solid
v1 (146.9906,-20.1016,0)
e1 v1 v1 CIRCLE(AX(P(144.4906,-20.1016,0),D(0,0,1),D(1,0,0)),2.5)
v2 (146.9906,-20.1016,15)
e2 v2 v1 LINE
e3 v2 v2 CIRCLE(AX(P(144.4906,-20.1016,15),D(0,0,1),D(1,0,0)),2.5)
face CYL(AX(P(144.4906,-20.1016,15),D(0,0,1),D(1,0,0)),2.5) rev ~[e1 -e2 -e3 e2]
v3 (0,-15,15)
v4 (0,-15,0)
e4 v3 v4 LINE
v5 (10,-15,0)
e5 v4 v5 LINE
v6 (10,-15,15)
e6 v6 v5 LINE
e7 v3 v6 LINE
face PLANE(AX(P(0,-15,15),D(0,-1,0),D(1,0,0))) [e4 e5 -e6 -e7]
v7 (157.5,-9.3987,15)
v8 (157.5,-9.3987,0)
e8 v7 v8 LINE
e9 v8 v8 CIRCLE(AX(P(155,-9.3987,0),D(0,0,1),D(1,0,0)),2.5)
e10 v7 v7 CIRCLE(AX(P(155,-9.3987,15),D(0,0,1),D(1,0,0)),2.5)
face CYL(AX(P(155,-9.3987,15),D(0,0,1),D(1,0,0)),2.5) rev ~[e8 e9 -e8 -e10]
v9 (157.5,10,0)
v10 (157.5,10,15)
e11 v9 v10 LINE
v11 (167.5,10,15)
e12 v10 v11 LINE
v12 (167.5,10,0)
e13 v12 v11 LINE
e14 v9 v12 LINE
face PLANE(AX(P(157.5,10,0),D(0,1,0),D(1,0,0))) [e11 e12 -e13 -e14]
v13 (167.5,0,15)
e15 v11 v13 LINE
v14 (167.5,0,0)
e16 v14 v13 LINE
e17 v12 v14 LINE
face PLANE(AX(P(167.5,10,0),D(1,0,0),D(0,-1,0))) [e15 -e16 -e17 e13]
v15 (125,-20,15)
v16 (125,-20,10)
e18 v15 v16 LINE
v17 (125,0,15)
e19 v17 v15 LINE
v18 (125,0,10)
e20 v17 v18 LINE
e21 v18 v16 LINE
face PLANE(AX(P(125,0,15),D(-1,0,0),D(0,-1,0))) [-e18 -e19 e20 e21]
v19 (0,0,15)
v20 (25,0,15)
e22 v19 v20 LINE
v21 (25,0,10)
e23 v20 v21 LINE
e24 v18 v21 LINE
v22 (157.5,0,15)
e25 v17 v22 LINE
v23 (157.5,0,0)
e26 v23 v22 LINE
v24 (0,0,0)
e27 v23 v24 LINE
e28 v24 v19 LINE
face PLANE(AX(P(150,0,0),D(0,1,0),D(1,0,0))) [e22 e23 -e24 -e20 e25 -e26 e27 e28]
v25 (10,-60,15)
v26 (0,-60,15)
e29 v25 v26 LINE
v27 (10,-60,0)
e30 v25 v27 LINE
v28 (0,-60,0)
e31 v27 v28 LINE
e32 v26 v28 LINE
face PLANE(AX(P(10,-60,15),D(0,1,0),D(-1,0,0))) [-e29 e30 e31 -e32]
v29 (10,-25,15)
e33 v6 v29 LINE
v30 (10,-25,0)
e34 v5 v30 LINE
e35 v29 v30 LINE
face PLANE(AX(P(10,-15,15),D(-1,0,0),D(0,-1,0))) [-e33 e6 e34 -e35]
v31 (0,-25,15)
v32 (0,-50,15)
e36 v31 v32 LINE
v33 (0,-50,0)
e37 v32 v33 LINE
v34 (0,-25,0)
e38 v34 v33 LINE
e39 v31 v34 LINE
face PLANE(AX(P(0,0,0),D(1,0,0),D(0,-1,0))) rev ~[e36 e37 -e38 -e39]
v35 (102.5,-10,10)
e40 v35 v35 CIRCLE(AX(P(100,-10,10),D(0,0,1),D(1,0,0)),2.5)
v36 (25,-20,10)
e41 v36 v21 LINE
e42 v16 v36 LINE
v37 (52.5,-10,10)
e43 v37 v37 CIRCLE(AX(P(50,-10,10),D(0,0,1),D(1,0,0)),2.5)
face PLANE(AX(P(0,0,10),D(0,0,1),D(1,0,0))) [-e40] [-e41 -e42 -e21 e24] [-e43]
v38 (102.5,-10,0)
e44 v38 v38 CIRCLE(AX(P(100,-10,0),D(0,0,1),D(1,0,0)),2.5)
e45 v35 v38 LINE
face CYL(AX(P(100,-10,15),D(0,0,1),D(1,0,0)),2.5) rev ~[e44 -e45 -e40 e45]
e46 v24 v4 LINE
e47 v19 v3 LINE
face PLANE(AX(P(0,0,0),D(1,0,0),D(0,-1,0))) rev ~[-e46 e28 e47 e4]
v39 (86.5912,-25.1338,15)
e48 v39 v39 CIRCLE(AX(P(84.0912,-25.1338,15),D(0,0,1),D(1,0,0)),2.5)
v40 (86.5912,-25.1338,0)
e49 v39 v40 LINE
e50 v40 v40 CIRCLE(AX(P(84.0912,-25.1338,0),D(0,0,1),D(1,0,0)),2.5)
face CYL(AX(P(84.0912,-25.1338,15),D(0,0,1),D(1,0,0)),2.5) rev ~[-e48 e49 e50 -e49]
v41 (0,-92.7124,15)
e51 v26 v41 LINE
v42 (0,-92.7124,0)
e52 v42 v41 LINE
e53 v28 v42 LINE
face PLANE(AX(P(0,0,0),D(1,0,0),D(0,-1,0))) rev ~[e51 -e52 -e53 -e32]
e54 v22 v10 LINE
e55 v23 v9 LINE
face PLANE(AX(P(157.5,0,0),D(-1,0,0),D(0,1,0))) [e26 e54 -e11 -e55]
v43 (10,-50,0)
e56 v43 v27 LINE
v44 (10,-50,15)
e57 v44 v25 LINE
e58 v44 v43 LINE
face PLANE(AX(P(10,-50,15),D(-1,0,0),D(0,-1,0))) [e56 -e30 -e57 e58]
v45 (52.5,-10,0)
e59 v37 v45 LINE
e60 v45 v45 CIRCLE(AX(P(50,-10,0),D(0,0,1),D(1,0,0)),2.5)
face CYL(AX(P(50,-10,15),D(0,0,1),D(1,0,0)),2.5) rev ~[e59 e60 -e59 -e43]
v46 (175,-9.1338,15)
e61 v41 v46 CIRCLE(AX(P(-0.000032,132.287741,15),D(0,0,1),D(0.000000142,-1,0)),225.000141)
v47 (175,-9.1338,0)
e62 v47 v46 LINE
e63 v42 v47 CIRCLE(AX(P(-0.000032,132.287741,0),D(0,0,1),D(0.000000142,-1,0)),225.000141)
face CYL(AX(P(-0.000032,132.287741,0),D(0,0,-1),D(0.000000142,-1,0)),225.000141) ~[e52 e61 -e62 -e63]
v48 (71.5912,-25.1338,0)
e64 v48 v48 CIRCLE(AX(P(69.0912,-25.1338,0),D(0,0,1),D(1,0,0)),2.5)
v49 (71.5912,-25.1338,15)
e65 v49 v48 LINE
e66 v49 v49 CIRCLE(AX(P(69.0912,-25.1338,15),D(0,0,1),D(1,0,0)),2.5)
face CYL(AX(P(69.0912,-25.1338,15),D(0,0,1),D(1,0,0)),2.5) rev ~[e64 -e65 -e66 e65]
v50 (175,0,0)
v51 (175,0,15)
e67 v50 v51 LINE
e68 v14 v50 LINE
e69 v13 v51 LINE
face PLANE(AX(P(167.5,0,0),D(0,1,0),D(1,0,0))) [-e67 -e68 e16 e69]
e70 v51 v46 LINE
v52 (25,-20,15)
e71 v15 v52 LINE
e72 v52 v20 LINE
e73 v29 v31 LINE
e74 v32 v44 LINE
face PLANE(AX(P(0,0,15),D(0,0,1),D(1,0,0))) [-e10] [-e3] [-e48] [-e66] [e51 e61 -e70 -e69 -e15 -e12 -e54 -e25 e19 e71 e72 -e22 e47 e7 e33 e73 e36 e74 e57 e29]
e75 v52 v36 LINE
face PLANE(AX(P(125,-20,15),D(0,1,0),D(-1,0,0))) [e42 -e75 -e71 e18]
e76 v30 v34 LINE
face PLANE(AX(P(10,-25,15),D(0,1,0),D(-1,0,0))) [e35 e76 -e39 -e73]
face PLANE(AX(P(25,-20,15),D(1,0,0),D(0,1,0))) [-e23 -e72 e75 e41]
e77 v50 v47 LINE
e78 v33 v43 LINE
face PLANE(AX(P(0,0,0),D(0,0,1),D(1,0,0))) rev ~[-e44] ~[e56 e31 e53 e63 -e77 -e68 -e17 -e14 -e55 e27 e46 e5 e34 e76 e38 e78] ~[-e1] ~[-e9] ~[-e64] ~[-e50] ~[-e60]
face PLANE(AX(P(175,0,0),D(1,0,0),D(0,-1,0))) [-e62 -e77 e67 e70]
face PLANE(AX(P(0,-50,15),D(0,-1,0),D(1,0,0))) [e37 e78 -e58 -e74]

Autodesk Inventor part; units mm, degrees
ref_plane "YZ Plane" through (0, 0, 0) normal (1, 0, 0) x (0, 1, 0)
ref_plane "XZ Plane" through (0, 0, 0) normal (0, 1, 0) x (-1, 0, 0)
ref_plane "XY Plane" through (0, 0, 0) normal (0, 0, 1) x (1, 0, 0)
sketch "Sketch1" plane through (0, 0, 0) normal (0, 0, 1) x (1, 0, 0)
  circle A0 centre (0, 132.2876) radius 225 construction
  circle A1 centre (0, 132.2876) radius 200 construction
  line L0 (150, 132.2876) -> (150, 0) construction
  line L1 (150, 0) -> (0, 0)
  line L2 (0, 0) -> (0, -92.7124)
  arc A2 (0, -92.7124) -> (175, -9.1338) centre (0, 132.2876) ccw
  line L3 (157.5, 0) -> (157.5, 10)
  line L4 (157.5, 10) -> (167.5, 10)
  line L5 (167.5, 10) -> (167.5, 0)
  line L6 (150, 0) -> (157.5, 0)
  line L7 (175, -35.9935) -> (175, -9.1338) construction
  line L8 (175, 0) -> (175, -9.1338)
  line L9 (167.5, 0) -> (175, 0)
  line L10 (0, 132.2876) -> (0, -92.7124) construction
  line L11 (0, 132.2876) -> (225, 132.2876) construction
  line L12 (0, 0) -> (130.6185, 0) construction
  dimension "d0" = 450
  dimension "d1" = 25
  dimension "d3" = 10
  dimension "d4" = 10
  dimension "d6" = 7.5
  dimension "d7" = 90
  dimension "d9" = 25
  dimension "d12" = 90
  dimension "d13" = 75
  dimension "d14" = 90
extrude "Extrusion1" add sketch "Sketch1" along normal blind 15
sketch "Sketch2" plane through (0, 0, 15) normal (0, 0, 1) x (1, 0, 0)
  line L0 (0, 0) -> (0, -92.7124) projected
  line L1 (0, -15) -> (10, -15)
  line L2 (10, -15) -> (10, -25)
  line L3 (10, -25) -> (0, -25)
  line L4 (0, -25) -> (0, -15)
  line L5 (0, -50) -> (10, -50)
  line L6 (10, -50) -> (10, -60)
  line L7 (10, -60) -> (0, -60)
  line L8 (0, -60) -> (0, -50)
  line L9 (157.5, 0) -> (0, 0) projected
  dimension "d15" = 10
  dimension "d16" = 10
  dimension "d17" = 10
  dimension "d18" = 10
  dimension "d19" = 25
  dimension "d20" = 15
extrude "Extrusion2" cut sketch "Sketch2" against normal blind 15
sketch "Sketch3" plane through (0, 0, 15) normal (0, 0, 1) x (1, 0, 0)
  line L0 (157.5, 0) -> (0, 0) construction
  line L1 (25, 0) -> (125, 0) construction
  line L2 (125, 0) -> (125, -20) construction
  line L3 (125, -20) -> (25, -20) construction
  line L4 (25, -20) -> (25, 0) construction
  circle A0 centre (50, -10) radius 2.5
  circle A1 centre (100, -10) radius 2.5
  dimension "d23" = 100
  dimension "d24" = 20
  dimension "d25" = 25
  dimension "d26" = 5
  dimension "d27" = 5
  dimension "d28" = 25
  dimension "d29" = 25
extrude "Extrusion3" cut sketch "Sketch3" against normal through all
thread "Thread1" size "M5x0.8" class "6H" standard "ANSI Metric M Profile" full length
thread "Thread2" size "M5x0.8" class "6H" standard "ANSI Metric M Profile" full length
sketch "Sketch4" plane through (0, 0, 15) normal (0, 0, 1) x (1, 0, 0)
  line L0 (157.5, 0) -> (0, 0) projected
  line L1 (25, 0) -> (125, 0)
  line L2 (125, 0) -> (125, -20)
  line L3 (125, -20) -> (25, -20)
  line L4 (25, -20) -> (25, 0)
  dimension "d36" = 100
  dimension "d37" = 20
  dimension "d38" = 25
extrude "Extrusion4" cut sketch "Sketch4" against normal blind 5
sketch "Sketch5" plane through (0, 0, 15) normal (0, 0, 1) x (1, 0, 0)
  circle A0 centre (0, 132.2876) radius 225 construction
  arc A1 (0, -92.7124) -> (175, -9.1338) centre (0, 132.2876) ccw construction
  circle A2 centre (0, 132.2876) radius 210 construction
  circle A3 centre (144.4906, -20.1016) radius 2.5
  circle A4 centre (155, -9.3987) radius 2.5
  line L0 (175, -9.1338) -> (175, 0) projected
  point P0 (0, 0)
  dimension "d41" = 450
  dimension "d42" = 15
  dimension "d43" = 5
  dimension "d44" = 5
  dimension "d45" = 15
  dimension "d46" = 20
extrude "Extrusion5" cut sketch "Sketch5" against normal through all
thread "Thread3" size "M5x0.8" class "6H" standard "ANSI Metric M Profile" full length
thread "Thread4" size "M5x0.8" class "6H" standard "ANSI Metric M Profile" full length
sketch "Sketch6" plane through (0, 0, 15) normal (0, 0, 1) x (1, 0, 0)
  circle A0 centre (69.0912, -25.1338) radius 2.5
  circle A1 centre (84.0912, -25.1338) radius 2.5
  line L0 (25, 0) -> (125, 0) projected
  arc A2 (0, -92.7124) -> (175, -9.1338) centre (0, 132.2876) ccw construction
  line L1 (175, -9.1338) -> (-10.7224, -9.1338) construction
  line L2 (0, 0) -> (0, -15) construction
  dimension "d53" = 5
  dimension "d54" = 5
  dimension "d56" = 16
  dimension "d57" = 69.0912
  dimension "d58" = 15
extrude "Extrusion6" cut sketch "Sketch6" against normal through all
thread "Thread5" size "M5x0.8" class "6H" standard "ANSI Metric M Profile" full length
thread "Thread6" size "M5x0.8" class "6H" standard "ANSI Metric M Profile" full length
properties part number "CP003" material "ABS Plastic"
